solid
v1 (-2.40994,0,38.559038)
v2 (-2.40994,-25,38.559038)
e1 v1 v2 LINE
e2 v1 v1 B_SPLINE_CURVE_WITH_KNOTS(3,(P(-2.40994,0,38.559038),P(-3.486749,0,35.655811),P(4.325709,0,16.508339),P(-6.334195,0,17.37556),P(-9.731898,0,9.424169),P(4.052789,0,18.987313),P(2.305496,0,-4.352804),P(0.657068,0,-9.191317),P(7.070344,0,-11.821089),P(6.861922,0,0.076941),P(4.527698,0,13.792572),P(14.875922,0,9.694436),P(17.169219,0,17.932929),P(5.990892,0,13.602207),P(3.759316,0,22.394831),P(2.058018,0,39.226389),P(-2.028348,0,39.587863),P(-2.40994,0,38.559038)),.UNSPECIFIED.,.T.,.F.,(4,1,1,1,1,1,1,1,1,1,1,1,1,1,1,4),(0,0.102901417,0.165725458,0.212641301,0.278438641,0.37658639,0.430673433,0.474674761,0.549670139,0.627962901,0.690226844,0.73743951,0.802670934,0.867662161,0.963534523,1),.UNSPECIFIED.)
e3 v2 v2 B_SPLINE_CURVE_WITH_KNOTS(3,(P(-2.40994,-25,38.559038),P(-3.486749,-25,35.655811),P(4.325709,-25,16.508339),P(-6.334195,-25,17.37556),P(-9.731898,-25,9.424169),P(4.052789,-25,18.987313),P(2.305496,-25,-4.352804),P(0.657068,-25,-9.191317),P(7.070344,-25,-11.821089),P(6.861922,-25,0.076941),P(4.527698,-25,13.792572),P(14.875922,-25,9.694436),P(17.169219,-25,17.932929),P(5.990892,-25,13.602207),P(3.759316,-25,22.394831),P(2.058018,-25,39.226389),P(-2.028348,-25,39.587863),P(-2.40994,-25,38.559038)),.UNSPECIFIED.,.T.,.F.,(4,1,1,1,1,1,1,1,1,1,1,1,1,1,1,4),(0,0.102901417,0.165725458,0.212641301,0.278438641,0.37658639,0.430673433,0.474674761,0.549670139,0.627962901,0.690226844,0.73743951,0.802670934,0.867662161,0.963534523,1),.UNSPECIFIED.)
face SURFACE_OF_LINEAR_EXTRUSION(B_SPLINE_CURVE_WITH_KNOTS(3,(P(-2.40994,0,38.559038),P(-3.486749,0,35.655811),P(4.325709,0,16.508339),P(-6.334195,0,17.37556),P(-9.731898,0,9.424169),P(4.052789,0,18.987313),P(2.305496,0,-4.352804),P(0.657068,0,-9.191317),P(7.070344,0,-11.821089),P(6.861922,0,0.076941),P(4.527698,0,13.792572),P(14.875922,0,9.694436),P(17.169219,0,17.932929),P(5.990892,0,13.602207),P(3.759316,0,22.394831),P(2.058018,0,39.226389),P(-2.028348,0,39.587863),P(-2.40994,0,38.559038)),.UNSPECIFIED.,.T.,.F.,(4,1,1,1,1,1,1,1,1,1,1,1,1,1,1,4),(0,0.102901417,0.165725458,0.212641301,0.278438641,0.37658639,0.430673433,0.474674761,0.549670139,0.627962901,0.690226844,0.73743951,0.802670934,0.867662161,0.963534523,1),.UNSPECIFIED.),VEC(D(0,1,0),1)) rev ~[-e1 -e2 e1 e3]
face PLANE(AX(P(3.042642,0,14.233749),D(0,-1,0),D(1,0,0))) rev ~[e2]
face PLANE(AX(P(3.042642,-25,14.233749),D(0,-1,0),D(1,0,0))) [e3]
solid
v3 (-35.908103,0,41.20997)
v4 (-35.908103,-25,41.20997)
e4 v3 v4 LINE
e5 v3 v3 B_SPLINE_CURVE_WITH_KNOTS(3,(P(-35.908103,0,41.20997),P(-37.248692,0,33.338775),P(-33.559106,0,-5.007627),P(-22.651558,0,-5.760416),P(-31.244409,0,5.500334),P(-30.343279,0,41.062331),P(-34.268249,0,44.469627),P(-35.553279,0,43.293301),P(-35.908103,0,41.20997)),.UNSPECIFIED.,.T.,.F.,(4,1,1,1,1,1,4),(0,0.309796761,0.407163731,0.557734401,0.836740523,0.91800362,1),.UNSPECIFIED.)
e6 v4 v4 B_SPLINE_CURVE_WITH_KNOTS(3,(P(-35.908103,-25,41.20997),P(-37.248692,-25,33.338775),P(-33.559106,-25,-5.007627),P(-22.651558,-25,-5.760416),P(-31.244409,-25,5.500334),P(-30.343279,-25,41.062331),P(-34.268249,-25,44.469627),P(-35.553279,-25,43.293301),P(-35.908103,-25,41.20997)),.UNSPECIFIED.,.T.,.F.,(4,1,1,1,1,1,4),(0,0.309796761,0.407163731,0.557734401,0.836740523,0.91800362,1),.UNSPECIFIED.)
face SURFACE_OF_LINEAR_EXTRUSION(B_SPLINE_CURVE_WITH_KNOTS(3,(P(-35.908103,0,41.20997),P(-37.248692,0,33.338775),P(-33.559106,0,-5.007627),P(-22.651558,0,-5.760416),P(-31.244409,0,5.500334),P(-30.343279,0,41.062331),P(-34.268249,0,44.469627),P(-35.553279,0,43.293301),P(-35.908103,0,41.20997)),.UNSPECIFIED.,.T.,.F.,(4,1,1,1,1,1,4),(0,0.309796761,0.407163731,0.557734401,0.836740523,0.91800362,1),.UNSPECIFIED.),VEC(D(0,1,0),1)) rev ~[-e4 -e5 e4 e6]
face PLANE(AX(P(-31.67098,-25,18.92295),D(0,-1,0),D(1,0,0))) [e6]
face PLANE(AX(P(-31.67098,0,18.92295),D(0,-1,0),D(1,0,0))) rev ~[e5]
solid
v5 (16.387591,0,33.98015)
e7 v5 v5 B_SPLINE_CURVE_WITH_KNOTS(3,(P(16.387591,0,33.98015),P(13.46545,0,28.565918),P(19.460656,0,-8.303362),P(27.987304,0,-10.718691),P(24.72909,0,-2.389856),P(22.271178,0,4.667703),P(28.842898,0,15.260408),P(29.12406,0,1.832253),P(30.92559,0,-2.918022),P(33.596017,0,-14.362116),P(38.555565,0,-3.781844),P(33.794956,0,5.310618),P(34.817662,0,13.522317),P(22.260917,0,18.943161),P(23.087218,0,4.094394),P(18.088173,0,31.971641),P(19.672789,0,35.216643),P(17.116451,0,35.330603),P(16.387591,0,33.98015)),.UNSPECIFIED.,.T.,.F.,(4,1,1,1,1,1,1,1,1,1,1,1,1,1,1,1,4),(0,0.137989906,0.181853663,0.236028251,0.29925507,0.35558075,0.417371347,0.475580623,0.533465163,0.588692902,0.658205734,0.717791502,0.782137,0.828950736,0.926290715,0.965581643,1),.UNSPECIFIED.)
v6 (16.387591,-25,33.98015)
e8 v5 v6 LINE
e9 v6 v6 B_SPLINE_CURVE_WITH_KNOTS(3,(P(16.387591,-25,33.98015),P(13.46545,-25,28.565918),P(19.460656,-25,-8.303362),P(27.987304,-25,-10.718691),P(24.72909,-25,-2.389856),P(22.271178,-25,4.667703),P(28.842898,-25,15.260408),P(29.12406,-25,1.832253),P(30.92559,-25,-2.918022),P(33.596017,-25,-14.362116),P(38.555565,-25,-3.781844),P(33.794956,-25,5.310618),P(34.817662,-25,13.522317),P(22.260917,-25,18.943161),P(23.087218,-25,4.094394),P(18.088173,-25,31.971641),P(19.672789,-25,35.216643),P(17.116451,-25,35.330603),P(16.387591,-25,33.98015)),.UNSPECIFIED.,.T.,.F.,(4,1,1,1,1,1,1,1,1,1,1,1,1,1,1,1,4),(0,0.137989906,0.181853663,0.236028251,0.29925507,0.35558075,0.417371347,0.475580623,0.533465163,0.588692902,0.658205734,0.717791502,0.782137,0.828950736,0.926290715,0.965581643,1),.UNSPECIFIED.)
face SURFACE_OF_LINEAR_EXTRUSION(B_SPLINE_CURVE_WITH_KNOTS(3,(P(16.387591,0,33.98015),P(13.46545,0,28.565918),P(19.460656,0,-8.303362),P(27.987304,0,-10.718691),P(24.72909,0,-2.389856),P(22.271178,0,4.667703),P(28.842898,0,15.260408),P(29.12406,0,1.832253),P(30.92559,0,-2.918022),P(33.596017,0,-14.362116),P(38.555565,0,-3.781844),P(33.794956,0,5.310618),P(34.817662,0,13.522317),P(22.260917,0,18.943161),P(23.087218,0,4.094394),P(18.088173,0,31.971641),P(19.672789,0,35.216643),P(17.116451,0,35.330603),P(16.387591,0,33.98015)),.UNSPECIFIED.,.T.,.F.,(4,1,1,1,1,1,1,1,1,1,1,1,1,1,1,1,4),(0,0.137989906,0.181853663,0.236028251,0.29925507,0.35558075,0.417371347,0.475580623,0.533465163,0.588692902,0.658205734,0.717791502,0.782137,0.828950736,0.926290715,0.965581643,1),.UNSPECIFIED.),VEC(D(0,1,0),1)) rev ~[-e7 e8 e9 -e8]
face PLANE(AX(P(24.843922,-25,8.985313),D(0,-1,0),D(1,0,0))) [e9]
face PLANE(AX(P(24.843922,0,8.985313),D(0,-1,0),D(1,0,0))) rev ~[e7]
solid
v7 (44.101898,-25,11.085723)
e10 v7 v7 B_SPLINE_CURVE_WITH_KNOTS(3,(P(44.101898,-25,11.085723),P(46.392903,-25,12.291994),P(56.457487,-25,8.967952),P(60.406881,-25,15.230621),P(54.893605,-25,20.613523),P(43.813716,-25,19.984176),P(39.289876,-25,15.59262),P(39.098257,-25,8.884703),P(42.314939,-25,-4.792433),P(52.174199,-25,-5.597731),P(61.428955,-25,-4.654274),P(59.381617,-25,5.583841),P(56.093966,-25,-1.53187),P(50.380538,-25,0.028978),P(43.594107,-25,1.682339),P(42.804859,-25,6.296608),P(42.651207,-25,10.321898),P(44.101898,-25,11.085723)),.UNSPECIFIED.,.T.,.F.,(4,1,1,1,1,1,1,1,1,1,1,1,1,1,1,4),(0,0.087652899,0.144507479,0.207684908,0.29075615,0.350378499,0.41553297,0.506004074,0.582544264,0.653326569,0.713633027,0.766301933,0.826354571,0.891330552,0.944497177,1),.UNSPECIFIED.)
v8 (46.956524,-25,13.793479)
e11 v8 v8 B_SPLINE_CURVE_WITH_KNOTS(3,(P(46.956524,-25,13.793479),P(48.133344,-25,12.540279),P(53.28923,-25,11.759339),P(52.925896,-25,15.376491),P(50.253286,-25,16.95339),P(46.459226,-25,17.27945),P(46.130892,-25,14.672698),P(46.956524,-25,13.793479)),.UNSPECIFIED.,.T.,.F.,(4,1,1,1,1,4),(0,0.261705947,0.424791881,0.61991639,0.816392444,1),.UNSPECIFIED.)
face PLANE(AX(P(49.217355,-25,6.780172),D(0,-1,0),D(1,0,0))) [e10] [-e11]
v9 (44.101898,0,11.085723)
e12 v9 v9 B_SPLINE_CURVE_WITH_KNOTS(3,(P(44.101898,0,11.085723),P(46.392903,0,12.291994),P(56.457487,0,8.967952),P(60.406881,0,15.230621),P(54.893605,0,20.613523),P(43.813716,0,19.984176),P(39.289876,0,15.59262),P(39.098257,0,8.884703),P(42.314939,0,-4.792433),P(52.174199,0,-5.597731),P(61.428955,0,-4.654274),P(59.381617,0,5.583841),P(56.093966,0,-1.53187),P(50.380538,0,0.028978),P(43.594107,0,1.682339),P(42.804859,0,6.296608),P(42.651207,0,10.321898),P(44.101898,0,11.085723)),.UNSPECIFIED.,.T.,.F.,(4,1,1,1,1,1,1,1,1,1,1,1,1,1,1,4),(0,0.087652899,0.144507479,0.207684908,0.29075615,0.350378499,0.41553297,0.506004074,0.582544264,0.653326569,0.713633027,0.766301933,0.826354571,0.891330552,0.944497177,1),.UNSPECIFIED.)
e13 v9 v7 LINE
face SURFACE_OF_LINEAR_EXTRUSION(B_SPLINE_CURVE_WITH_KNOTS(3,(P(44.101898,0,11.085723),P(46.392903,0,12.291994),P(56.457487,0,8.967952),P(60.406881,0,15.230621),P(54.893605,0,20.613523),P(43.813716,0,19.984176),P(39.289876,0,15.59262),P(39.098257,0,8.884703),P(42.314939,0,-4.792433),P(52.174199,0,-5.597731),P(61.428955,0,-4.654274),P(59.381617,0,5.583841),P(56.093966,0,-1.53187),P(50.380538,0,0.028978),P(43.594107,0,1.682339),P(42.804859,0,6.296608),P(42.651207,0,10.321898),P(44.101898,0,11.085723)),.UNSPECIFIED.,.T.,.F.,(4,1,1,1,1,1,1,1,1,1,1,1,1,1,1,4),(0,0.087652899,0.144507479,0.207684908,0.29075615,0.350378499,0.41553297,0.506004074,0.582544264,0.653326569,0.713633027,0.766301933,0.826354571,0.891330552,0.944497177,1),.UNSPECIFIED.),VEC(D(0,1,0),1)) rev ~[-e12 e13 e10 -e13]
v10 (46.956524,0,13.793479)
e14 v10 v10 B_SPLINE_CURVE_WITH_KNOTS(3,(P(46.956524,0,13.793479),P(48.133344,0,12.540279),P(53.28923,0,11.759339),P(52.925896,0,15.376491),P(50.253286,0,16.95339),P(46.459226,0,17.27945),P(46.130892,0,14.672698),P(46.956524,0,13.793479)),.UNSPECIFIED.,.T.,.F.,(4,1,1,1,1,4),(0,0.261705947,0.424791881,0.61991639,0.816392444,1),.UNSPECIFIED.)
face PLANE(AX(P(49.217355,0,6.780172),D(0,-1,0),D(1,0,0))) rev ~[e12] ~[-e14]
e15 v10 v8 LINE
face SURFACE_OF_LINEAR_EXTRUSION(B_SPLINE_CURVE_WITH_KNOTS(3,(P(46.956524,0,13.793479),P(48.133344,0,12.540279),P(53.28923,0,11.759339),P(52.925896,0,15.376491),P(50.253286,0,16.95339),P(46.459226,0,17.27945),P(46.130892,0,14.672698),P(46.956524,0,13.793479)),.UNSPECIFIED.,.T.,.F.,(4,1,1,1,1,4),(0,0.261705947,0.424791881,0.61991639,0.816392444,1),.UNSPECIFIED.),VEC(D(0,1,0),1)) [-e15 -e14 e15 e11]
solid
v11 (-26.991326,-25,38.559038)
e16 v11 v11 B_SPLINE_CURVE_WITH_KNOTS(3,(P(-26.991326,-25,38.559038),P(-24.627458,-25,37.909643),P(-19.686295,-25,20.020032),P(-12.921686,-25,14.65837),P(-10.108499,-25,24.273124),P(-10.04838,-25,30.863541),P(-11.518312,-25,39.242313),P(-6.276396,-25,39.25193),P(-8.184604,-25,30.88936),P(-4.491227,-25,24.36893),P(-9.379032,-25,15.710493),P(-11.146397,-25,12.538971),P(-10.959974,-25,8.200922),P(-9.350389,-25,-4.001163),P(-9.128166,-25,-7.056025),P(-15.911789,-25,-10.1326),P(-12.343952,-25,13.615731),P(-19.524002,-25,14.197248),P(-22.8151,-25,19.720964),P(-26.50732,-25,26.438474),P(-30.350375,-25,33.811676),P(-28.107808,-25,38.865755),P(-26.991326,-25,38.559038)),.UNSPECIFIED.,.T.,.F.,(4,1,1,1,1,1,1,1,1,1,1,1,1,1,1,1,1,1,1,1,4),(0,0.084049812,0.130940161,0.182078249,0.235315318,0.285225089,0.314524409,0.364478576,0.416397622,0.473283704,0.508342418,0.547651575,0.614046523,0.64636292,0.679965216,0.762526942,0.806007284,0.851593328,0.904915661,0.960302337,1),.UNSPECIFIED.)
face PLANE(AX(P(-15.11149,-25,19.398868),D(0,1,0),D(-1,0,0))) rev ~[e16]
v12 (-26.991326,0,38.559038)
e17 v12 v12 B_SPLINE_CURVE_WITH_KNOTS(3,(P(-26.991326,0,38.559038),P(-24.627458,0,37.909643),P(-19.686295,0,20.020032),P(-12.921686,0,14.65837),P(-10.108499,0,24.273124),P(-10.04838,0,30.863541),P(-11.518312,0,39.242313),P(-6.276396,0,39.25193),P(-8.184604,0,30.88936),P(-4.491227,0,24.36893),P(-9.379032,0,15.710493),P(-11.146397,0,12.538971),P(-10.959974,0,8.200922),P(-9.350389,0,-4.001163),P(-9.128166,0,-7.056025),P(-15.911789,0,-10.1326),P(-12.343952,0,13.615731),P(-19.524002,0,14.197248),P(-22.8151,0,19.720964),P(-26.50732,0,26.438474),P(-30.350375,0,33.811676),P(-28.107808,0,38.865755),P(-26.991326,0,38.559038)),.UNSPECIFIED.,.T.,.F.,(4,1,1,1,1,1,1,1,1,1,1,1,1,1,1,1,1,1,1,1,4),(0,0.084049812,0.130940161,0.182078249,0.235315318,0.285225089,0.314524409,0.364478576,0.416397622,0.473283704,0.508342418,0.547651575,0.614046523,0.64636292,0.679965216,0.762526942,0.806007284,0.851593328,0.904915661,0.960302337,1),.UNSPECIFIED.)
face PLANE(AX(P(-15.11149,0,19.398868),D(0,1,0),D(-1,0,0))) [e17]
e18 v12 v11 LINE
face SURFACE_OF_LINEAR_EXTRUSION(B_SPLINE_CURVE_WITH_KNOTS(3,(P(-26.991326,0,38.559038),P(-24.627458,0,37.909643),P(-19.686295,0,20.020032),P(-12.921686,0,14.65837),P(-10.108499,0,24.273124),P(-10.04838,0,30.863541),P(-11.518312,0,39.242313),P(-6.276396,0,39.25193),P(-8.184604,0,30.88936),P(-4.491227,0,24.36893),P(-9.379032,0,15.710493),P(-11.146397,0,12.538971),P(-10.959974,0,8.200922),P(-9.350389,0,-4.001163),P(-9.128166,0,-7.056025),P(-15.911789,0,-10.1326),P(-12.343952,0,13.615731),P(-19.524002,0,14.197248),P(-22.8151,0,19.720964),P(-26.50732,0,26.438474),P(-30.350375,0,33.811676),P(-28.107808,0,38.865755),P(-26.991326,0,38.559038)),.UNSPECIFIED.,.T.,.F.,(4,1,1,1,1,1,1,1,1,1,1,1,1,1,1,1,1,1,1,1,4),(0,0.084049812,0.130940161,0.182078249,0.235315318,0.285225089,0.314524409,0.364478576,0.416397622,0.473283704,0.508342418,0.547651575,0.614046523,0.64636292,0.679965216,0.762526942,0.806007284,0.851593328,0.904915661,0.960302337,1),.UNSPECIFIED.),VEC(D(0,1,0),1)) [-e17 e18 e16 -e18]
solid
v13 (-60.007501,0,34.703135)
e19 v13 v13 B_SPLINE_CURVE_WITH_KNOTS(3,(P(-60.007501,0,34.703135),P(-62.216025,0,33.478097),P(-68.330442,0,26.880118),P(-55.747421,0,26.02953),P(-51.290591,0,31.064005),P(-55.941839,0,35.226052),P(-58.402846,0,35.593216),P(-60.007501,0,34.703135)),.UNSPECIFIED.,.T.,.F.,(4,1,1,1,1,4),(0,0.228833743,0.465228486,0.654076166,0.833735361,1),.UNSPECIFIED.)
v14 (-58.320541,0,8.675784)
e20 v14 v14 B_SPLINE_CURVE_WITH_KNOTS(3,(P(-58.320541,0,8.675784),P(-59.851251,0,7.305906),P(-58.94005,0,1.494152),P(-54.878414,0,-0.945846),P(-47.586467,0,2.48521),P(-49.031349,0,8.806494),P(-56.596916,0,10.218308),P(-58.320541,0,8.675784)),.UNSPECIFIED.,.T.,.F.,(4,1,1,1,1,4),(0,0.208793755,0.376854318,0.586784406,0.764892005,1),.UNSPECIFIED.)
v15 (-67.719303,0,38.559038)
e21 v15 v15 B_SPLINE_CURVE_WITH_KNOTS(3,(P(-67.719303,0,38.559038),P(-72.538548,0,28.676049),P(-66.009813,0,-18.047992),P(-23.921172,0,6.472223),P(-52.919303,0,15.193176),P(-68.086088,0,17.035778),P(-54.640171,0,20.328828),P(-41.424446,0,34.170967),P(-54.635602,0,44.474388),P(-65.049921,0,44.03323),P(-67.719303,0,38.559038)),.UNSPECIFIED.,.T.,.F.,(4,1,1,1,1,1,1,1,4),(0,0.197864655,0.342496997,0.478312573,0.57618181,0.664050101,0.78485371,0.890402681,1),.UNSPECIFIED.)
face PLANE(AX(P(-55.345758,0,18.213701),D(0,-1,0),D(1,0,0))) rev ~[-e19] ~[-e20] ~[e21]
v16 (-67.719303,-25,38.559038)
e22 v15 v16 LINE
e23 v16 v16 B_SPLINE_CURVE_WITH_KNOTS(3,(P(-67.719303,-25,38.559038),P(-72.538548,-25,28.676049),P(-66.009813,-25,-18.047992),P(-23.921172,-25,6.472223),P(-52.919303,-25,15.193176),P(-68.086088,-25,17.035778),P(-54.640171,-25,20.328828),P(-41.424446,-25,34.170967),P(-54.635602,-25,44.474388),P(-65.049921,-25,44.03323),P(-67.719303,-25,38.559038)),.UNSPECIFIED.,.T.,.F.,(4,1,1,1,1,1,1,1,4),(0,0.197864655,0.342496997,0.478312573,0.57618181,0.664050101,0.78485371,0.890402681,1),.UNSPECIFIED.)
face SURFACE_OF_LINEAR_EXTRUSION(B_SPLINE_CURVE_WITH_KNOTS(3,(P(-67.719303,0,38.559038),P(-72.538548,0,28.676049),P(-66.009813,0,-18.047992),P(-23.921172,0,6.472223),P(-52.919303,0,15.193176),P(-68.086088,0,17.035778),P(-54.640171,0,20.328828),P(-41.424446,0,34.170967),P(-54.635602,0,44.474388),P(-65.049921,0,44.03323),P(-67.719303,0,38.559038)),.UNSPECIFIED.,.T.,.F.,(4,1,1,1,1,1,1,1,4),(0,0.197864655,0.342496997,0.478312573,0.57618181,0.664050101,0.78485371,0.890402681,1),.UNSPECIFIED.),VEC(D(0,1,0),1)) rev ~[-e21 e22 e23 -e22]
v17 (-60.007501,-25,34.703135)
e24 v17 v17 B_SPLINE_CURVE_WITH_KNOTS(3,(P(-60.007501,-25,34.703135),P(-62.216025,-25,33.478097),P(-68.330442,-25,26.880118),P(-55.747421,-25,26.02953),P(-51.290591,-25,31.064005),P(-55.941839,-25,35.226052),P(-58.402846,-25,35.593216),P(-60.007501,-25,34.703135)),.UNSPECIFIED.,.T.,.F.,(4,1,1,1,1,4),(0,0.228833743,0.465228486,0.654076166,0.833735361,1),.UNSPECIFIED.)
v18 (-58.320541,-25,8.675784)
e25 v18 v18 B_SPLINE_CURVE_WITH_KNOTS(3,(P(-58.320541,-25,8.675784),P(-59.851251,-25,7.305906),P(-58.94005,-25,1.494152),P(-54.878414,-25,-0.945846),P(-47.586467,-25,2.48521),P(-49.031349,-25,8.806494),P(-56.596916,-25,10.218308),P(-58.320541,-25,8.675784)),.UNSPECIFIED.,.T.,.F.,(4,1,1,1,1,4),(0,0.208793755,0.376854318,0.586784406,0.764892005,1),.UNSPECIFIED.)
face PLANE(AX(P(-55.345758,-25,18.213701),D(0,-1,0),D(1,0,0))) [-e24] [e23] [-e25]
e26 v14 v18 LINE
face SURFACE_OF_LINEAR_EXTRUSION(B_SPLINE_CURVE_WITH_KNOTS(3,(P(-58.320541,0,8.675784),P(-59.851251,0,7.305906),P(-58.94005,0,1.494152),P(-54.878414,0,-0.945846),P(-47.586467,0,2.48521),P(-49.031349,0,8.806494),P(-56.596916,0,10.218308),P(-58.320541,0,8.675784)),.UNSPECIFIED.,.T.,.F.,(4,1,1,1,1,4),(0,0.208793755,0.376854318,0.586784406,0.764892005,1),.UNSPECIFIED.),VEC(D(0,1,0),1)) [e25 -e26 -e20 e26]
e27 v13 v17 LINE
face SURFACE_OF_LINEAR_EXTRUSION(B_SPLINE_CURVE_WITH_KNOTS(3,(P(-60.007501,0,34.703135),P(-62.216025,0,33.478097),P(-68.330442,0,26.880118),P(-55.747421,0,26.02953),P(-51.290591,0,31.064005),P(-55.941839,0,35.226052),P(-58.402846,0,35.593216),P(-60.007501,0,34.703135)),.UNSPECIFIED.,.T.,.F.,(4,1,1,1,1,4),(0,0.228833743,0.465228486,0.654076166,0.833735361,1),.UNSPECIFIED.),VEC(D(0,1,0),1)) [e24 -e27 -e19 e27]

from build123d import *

# Parameters (mm, degrees)
F1_DEPTH = 25


with BuildPart() as f1:
    # F0 (on Front) → F1 (new body)
    with BuildSketch(Plane.XZ):
        with BuildLine():
            add(Edge.make_bspline(
                [(-67.7193030715, 38.559038192), (-72.538547843, 28.6760494012), (-66.0098131044, -18.0479919016), (-23.921171999, 6.4722233664), (-52.9193034607, 15.1931756734), (-68.0860880131, 17.035778352), (-54.640171136, 20.3288280823), (-41.4244457176, 34.1709669885), (-54.6356016971, 44.4743880751), (-65.049921272, 44.0332300321), (-67.7193030715, 38.559038192)],
                knots=[0, 0, 0, 0, 0.1978646548, 0.3424969967, 0.4783125727, 0.5761818105, 0.6640501005, 0.7848537102, 0.8904026806, 1, 1, 1, 1], degree=3))
        make_face()
        with BuildLine():
            add(Edge.make_bspline(
                [(-58.3205409348, 8.6757838726), (-59.8512509609, 7.3059056911), (-58.9400499034, 1.4941518546), (-54.8784144219, -0.9458460138), (-47.5864669487, 2.4852098214), (-49.0313494111, 8.8064942207), (-56.5969157953, 10.2183075586), (-58.3205409348, 8.6757838726)],
                knots=[0, 0, 0, 0, 0.2087937551, 0.3768543184, 0.5867844057, 0.764892005, 1, 1, 1, 1], degree=3))
        make_face(mode=Mode.SUBTRACT)
        with BuildLine():
            add(Edge.make_bspline(
                [(-60.0075013936, 34.7031354904), (-62.216025156, 33.4780972471), (-68.3304422003, 26.880118246), (-55.7474208312, 26.0295302199), (-51.2905905209, 31.0640050653), (-55.9418388416, 35.2260518229), (-58.4028455343, 35.5932163799), (-60.0075013936, 34.7031354904)],
                knots=[0, 0, 0, 0, 0.2288337427, 0.4652284855, 0.654076166, 0.833735361, 1, 1, 1, 1], degree=3))
        make_face(mode=Mode.SUBTRACT)
    extrude(amount=F1_DEPTH)


with BuildPart() as f1b:
    # F0 (on Front) → F1, piece 2 (new body)
    with BuildSketch(Plane.XZ):
        with BuildLine():
            add(Edge.make_bspline(
                [(-35.9081029892, 41.2099696696), (-37.2486921426, 33.3387753559), (-33.5591062088, -5.0076272083), (-22.6515578665, -5.7604156089), (-31.2444091853, 5.5003341809), (-30.3432791651, 41.0623305057), (-34.2682485046, 44.4696267187), (-35.5532785645, 43.2933014547), (-35.9081029892, 41.2099696696)],
                knots=[0, 0, 0, 0, 0.3097967611, 0.4071637313, 0.5577344005, 0.8367405229, 0.9180036201, 1, 1, 1, 1], degree=3))
        make_face()
    extrude(amount=F1_DEPTH)


with BuildPart() as f1c:
    # F0 (on Front) → F1, piece 3 (new body)
    with BuildSketch(Plane.XZ):
        with BuildLine():
            add(Edge.make_bspline(
                [(-26.9913263619, 38.559038192), (-24.6274576866, 37.9096425008), (-19.686295204, 20.0200320519), (-12.92168596, 14.6583697481), (-10.1084989781, 24.2731238881), (-10.0483802603, 30.8635405552), (-11.5183118134, 39.2423127242), (-6.2763955315, 39.2519301922), (-8.184603795, 30.8893595922), (-4.4912266534, 24.3689295068), (-9.3790315424, 15.7104933004), (-11.1463971768, 12.5389706675), (-10.9599740368, 8.2009215388), (-9.3503890669, -4.0011627736), (-9.1281662843, -7.0560249385), (-15.9117893337, -10.1325998517), (-12.3439517524, 13.6157310705), (-19.5240015288, 14.1972481506), (-22.8150998066, 19.7209639191), (-26.5073201457, 26.4384735115), (-30.3503754137, 33.8116760572), (-28.1078078754, 38.8657550125), (-26.9913263619, 38.559038192)],
                knots=[0, 0, 0, 0, 0.0840498118, 0.1309401614, 0.1820782494, 0.2353153184, 0.2852250893, 0.3145244085, 0.3644785764, 0.4163976223, 0.4732837037, 0.5083424185, 0.5476515745, 0.6140465228, 0.6463629199, 0.6799652156, 0.7625269424, 0.8060072836, 0.851593328, 0.9049156606, 0.9603023374, 1, 1, 1, 1], degree=3))
        make_face()
    extrude(amount=F1_DEPTH)


with BuildPart() as f1d:
    # F0 (on Front) → F1, piece 4 (new body)
    with BuildSketch(Plane.XZ):
        with BuildLine():
            add(Edge.make_bspline(
                [(-2.409939887, 38.559038192), (-3.4867491385, 35.6558107605), (4.3257093527, 16.5083386386), (-6.3341947694, 17.3755599444), (-9.7318980035, 9.4241693005), (4.0527892106, 18.9873130613), (2.3054964012, -4.3528042172), (0.6570677382, -9.1913167623), (7.0703442143, -11.8210892788), (6.8619219021, 0.0769413552), (4.5276979283, 13.7925721344), (14.8759222721, 9.6944355006), (17.1692189662, 17.9329294198), (5.9908920175, 13.6022066014), (3.759316107, 22.3948311782), (2.0580175764, 39.226389126), (-2.0283478301, 39.5878634234), (-2.409939887, 38.559038192)],
                knots=[0, 0, 0, 0, 0.1029014167, 0.165725458, 0.2126413006, 0.2784386412, 0.3765863903, 0.430673433, 0.4746747611, 0.5496701385, 0.6279629011, 0.6902268443, 0.7374395104, 0.8026709336, 0.8676621613, 0.9635345227, 1, 1, 1, 1], degree=3))
        make_face()
    extrude(amount=F1_DEPTH)


with BuildPart() as f1e:
    # F0 (on Front) → F1, piece 5 (new body)
    with BuildSketch(Plane.XZ):
        with BuildLine():
            add(Edge.make_bspline(
                [(16.3875911385, 33.9801497757), (13.4654499332, 28.5659180237), (19.4606555051, -8.3033615084), (27.9873036334, -10.7186908787), (24.7290901033, -2.3898557239), (22.2711777496, 4.6677028523), (28.8428981467, 15.2604075589), (29.1240597067, 1.8322532483), (30.9255899849, -2.9180219639), (33.596017274, -14.3621158685), (38.5555650489, -3.781844173), (33.7949559633, 5.3106183742), (34.8176624185, 13.5223174912), (22.2609172637, 18.9431611709), (23.0872176541, 4.0943944388), (18.088173218, 31.9716406907), (19.6727893213, 35.2166431089), (17.116450963, 35.3306033396), (16.3875911385, 33.9801497757)],
                knots=[0, 0, 0, 0, 0.1379899055, 0.1818536631, 0.2360282511, 0.2992550701, 0.3555807495, 0.4173713472, 0.4755806231, 0.5334651626, 0.5886929021, 0.6582057338, 0.7177915024, 0.7821369995, 0.828950736, 0.9262907148, 0.9655816433, 1, 1, 1, 1], degree=3))
        make_face()
    extrude(amount=F1_DEPTH)


with BuildPart() as f1f:
    # F0 (on Front) → F1, piece 6 (new body)
    with BuildSketch(Plane.XZ):
        with BuildLine():
            add(Edge.make_bspline(
                [(44.1018976271, 11.0857225955), (46.3929030265, 12.2919938487), (56.4574867254, 8.9679520492), (60.4068812314, 15.2306208475), (54.8936046519, 20.6135231648), (43.8137163622, 19.9841759509), (39.2898763508, 15.5926195025), (39.0982567565, 8.8847031741), (42.3149387767, -4.7924325456), (52.1741991698, -5.5977312065), (61.4289554129, -4.6542742845), (59.3816169825, 5.5838408655), (56.0939660342, -1.5318695148), (50.3805384087, 0.0289780628), (43.5941072287, 1.6823393283), (42.8048590281, 6.2966082925), (42.651206677, 10.3218977738), (44.1018976271, 11.0857225955)],
                knots=[0, 0, 0, 0, 0.0876528992, 0.1445074793, 0.2076849085, 0.2907561497, 0.3503784991, 0.4155329704, 0.5060040736, 0.5825442636, 0.6533265688, 0.7136330269, 0.766301933, 0.8263545709, 0.891330552, 0.9444971768, 1, 1, 1, 1], degree=3))
        make_face()
        with BuildLine():
            add(Edge.make_bspline(
                [(46.9565242529, 13.7934787199), (48.1333435713, 12.5402785181), (53.2892295221, 11.7593387997), (52.9258963576, 15.3764913423), (50.2532864986, 16.9533898139), (46.4592259538, 17.279450353), (46.1308918181, 14.6726984248), (46.9565242529, 13.7934787199)],
                knots=[0, 0, 0, 0, 0.2617059475, 0.4247918809, 0.6199163896, 0.8163924442, 1, 1, 1, 1], degree=3))
        make_face(mode=Mode.SUBTRACT)
    extrude(amount=F1_DEPTH)


solid = Compound([f1.part, f1b.part, f1c.part, f1d.part, f1e.part, f1f.part])
